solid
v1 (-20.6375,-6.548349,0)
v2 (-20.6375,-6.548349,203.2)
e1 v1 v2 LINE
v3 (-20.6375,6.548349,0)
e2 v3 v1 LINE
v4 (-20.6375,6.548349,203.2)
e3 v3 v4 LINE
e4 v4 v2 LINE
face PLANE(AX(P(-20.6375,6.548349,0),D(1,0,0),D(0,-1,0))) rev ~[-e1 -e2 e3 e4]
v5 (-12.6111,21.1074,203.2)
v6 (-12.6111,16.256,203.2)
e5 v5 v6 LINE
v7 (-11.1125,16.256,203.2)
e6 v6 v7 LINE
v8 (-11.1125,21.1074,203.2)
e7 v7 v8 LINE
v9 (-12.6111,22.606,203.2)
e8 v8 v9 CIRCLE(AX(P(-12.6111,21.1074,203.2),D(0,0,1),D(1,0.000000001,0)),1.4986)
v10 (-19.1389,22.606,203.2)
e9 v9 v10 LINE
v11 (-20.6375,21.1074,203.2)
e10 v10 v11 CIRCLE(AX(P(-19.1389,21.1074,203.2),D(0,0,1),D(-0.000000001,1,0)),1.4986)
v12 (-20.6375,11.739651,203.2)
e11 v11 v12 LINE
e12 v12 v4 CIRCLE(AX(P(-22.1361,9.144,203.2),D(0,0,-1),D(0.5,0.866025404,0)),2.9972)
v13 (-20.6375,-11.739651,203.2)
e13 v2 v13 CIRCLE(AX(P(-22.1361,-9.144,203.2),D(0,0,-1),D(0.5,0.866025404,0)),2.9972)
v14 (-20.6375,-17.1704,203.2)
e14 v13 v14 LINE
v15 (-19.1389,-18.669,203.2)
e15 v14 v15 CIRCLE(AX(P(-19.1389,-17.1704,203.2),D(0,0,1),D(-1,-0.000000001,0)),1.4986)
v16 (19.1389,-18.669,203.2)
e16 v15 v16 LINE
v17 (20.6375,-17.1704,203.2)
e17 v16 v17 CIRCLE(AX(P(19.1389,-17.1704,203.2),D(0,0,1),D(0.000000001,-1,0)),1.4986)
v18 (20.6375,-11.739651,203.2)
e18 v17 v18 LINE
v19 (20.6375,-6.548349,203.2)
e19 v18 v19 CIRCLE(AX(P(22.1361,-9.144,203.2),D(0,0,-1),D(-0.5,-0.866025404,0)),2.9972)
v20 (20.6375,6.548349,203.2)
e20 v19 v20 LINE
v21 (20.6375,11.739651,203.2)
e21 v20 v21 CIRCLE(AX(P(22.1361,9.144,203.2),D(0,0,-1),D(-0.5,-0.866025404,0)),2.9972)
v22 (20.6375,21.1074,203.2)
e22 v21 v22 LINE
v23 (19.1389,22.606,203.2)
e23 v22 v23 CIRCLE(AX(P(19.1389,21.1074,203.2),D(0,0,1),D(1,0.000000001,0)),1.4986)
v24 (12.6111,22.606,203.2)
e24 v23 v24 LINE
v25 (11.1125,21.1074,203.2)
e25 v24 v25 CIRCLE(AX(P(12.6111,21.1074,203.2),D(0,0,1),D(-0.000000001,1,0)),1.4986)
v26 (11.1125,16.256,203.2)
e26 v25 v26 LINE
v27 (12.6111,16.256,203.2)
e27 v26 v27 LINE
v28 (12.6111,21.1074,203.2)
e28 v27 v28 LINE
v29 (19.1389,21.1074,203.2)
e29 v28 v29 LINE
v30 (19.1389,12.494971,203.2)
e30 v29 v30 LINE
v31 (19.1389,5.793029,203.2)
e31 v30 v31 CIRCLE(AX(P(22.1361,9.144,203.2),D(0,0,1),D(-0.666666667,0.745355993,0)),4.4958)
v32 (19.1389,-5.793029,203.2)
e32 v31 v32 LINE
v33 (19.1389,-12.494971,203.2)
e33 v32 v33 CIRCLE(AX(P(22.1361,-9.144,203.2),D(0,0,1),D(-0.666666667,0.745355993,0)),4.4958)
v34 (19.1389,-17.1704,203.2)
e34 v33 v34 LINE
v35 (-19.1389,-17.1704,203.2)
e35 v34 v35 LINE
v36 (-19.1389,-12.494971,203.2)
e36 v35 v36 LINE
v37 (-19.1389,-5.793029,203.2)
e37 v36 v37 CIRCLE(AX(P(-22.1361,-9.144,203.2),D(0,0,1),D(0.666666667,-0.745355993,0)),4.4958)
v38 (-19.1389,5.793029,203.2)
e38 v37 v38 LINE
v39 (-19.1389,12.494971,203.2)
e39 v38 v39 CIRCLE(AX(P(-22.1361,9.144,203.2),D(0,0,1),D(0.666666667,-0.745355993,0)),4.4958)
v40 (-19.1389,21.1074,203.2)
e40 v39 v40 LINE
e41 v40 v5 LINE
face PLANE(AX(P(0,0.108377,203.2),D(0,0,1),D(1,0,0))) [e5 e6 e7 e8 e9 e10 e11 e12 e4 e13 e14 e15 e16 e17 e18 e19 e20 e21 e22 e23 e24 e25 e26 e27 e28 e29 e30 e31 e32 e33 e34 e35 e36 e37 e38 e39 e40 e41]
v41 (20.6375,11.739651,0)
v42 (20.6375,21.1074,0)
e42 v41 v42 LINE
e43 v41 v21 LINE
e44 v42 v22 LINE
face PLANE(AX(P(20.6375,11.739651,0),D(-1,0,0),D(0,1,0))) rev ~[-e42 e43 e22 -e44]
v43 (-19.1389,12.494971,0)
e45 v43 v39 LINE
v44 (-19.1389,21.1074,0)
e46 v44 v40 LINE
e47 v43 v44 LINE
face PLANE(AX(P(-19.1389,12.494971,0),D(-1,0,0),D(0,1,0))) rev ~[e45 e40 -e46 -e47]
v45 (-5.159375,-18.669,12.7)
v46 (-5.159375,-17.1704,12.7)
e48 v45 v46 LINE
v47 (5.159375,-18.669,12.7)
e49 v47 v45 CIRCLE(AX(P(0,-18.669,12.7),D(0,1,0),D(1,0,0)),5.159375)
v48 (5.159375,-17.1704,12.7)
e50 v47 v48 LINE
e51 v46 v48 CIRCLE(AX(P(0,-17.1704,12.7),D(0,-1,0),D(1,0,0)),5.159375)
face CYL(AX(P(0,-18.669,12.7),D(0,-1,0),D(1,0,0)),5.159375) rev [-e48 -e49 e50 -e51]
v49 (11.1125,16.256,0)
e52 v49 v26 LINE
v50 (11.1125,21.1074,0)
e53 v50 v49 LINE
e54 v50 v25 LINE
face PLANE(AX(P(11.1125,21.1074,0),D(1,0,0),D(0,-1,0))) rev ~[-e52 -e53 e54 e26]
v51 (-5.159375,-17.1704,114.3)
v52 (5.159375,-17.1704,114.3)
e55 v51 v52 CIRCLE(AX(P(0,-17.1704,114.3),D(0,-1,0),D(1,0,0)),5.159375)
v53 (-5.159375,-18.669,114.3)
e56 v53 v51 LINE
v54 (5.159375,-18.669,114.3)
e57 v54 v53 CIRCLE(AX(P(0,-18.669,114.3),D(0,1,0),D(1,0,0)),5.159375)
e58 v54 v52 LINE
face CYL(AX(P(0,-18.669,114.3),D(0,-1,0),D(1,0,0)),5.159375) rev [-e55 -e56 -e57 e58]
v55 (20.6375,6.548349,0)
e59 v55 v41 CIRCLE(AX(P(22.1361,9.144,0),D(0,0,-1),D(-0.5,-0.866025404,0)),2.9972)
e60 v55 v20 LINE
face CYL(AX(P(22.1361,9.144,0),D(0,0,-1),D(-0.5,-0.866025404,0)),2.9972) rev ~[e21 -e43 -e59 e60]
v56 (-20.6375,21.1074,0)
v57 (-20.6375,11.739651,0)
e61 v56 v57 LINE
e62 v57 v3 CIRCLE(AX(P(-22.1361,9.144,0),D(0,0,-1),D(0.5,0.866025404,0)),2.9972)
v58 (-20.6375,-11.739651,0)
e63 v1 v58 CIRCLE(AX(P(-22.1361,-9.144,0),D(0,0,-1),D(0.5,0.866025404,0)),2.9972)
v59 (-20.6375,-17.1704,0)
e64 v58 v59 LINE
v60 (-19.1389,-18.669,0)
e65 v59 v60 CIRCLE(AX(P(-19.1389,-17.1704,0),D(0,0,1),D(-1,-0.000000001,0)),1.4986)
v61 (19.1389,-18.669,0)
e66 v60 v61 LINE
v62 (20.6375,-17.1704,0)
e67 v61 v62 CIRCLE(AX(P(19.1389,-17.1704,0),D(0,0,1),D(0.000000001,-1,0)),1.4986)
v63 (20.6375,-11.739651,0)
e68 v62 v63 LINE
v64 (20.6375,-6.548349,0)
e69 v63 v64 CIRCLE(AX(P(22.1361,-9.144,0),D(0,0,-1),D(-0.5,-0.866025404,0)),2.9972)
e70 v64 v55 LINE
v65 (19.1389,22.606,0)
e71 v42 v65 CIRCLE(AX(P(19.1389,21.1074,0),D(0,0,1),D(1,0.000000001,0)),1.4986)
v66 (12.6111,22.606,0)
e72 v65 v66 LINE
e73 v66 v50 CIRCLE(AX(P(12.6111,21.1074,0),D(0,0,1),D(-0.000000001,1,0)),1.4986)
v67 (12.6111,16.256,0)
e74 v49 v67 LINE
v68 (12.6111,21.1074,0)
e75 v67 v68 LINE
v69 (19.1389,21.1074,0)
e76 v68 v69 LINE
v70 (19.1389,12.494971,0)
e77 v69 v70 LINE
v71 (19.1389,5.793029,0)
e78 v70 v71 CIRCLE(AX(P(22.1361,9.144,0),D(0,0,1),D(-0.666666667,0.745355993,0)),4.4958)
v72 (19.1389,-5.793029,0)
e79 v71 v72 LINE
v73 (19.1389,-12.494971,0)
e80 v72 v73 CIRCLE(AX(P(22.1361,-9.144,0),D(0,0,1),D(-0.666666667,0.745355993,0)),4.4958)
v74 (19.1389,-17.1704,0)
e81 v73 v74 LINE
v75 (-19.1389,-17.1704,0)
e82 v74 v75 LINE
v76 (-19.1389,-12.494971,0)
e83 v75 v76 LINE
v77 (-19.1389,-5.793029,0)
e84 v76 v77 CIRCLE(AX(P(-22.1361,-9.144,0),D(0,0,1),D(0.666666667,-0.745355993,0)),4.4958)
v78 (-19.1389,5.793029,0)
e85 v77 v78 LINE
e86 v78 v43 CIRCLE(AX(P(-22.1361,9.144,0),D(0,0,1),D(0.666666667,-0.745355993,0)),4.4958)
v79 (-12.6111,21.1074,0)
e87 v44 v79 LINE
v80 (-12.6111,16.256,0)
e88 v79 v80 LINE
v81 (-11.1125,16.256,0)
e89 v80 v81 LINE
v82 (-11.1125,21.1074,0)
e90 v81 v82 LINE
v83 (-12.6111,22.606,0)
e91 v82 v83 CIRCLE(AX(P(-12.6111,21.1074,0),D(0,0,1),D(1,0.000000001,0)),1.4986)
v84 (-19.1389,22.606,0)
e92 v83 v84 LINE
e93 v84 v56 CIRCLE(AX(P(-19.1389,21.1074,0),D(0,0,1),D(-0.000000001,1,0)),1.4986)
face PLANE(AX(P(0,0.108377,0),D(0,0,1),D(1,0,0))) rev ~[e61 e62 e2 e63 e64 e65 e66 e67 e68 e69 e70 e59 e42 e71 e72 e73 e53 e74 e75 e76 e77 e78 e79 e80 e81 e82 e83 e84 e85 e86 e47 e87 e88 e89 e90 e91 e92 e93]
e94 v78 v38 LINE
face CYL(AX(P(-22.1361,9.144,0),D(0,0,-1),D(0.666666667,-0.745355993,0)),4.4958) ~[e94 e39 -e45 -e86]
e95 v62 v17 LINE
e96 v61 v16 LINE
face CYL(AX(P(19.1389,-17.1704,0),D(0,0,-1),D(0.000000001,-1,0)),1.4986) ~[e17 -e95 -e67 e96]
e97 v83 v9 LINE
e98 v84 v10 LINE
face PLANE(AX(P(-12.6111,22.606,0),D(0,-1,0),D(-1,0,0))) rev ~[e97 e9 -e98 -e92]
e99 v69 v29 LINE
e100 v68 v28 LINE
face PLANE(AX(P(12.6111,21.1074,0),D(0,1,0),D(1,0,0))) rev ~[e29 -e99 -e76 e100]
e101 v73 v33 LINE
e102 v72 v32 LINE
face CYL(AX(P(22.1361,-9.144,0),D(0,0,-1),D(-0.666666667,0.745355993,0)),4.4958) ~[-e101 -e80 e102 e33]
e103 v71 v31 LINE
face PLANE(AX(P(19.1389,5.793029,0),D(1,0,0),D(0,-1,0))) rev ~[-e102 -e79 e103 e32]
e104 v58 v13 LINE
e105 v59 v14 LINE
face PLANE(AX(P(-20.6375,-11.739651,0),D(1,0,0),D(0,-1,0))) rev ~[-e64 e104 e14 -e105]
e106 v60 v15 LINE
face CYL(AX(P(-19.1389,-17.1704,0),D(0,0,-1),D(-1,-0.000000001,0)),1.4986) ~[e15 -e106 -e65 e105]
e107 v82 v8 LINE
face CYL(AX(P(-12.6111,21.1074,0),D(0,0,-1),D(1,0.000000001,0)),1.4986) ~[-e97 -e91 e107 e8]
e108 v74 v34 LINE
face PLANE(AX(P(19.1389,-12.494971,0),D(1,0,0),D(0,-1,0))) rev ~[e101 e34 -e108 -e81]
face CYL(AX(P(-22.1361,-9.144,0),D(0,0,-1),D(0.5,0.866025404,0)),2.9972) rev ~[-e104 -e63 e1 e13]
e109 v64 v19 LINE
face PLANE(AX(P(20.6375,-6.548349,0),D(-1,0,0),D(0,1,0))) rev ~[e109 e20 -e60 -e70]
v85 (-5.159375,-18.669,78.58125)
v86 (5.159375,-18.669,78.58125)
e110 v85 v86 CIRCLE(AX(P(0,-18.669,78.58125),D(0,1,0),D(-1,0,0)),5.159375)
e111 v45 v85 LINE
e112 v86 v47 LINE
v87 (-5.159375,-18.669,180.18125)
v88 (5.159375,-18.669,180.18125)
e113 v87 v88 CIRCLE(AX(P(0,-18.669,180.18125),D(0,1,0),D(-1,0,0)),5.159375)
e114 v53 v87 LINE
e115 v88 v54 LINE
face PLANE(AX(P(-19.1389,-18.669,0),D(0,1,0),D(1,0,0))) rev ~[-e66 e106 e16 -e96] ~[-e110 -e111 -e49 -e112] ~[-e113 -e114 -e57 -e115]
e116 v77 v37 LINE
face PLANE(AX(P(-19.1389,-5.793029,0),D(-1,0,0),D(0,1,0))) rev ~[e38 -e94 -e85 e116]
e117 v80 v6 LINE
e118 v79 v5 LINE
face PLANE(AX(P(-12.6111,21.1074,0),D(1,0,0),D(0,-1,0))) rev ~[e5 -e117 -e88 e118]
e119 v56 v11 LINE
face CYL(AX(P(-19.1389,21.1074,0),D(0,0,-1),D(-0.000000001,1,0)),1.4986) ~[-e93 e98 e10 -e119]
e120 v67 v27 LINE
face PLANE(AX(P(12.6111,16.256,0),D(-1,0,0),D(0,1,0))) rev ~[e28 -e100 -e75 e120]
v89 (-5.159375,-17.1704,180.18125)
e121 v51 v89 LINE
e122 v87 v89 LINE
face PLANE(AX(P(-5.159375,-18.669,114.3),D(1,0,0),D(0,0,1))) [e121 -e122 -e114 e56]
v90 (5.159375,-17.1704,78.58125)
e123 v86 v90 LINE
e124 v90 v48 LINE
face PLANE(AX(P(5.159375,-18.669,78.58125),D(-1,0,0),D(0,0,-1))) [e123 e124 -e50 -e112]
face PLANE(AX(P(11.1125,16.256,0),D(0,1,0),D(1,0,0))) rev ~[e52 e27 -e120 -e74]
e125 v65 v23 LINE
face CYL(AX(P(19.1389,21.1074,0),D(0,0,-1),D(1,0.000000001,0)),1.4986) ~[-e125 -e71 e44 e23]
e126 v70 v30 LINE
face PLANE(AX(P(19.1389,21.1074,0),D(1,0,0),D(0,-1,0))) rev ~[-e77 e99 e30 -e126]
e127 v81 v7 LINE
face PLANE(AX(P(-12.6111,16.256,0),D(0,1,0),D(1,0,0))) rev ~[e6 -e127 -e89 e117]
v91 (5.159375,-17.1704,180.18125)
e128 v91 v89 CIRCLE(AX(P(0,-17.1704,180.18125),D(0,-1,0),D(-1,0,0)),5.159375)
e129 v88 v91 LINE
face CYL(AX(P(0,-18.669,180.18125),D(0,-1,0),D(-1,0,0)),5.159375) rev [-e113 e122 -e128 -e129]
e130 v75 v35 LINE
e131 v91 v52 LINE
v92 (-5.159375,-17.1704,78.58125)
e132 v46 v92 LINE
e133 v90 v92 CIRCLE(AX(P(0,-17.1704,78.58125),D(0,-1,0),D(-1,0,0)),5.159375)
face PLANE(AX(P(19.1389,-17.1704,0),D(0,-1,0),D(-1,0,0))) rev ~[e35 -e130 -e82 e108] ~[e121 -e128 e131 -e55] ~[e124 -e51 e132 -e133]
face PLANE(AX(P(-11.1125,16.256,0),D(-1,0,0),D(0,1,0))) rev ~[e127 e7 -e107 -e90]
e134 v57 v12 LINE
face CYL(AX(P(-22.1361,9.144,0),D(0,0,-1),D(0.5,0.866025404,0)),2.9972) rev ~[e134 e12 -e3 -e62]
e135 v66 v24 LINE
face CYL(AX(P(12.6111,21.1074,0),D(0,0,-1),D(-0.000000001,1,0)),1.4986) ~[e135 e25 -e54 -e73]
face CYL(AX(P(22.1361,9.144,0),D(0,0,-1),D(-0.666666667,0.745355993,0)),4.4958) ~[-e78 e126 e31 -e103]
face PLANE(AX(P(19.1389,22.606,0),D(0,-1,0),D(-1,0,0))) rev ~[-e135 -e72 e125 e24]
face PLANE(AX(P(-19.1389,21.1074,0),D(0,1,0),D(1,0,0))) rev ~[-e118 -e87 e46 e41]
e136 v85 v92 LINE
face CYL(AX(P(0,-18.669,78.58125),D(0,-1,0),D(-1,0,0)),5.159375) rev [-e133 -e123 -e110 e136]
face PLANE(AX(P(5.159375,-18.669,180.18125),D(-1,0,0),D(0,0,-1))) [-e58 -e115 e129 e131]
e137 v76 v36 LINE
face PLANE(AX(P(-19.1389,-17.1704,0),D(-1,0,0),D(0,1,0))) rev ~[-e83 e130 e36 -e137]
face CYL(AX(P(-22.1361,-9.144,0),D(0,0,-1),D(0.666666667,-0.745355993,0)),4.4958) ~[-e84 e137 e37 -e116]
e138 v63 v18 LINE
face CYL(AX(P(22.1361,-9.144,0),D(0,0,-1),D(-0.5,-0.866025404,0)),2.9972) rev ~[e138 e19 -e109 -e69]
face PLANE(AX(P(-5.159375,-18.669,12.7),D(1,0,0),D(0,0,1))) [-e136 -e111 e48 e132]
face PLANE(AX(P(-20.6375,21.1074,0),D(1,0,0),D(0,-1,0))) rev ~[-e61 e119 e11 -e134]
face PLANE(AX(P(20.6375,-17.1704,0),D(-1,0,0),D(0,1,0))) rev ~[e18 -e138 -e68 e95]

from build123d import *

# Parameters (mm, degrees)
BASE_EXTRUDE_DEPTH = 203.2
SLOT_DEPTH         = 227.830922417
LPATTERN1_COUNT    = 2
LPATTERN1_PITCH    = 101.6


with BuildPart() as part:
    # Sketch1 → Base-Extrude (new body)
    with BuildSketch(Plane.XY):
        with BuildLine():
            Line((-20.6375, 21.1074), (-20.6375, 11.73965134))
            ThreePointArc((-20.6375, 11.73965134), (-19.1389, 9.144), (-20.6375, 6.54834866))
            Line((-20.6375, 6.54834866), (-20.6375, -6.54834866))
            ThreePointArc((-20.6375, -6.54834866), (-19.1389, -9.144), (-20.6375, -11.73965134))
            Line((-20.6375, -11.73965134), (-20.6375, -17.1704))
            ThreePointArc((-20.6375, -17.1704), (-20.198570222, -18.230070222), (-19.1389, -18.669))
            Line((-19.1389, -18.669), (19.1389, -18.669))
            ThreePointArc((19.1389, -18.669), (20.198570222, -18.230070222), (20.6375, -17.1704))
            Line((20.6375, -17.1704), (20.6375, -11.73965134))
            ThreePointArc((20.6375, -11.73965134), (19.1389, -9.144), (20.6375, -6.54834866))
            Line((20.6375, -6.54834866), (20.6375, 6.54834866))
            ThreePointArc((20.6375, 6.54834866), (19.1389, 9.144), (20.6375, 11.73965134))
            Line((20.6375, 11.73965134), (20.6375, 21.1074))
            ThreePointArc((20.6375, 21.1074), (20.198570222, 22.167070222), (19.1389, 22.606))
            Line((19.1389, 22.606), (12.6111, 22.606))
            ThreePointArc((12.6111, 22.606), (11.551429778, 22.167070222), (11.1125, 21.1074))
            Line((11.1125, 21.1074), (11.1125, 16.256))
            Line((11.1125, 16.256), (12.6111, 16.256))
            Line((12.6111, 16.256), (12.6111, 21.1074))
            Line((12.6111, 21.1074), (19.1389, 21.1074))
            Line((19.1389, 21.1074), (19.1389, 12.494971471))
            ThreePointArc((19.1389, 12.494971471), (17.6403, 9.144), (19.1389, 5.793028529))
            Line((19.1389, 5.793028529), (19.1389, -5.793028529))
            ThreePointArc((19.1389, -5.793028529), (17.6403, -9.144), (19.1389, -12.494971471))
            Line((19.1389, -12.494971471), (19.1389, -17.1704))
            Line((19.1389, -17.1704), (-19.1389, -17.1704))
            Line((-19.1389, -17.1704), (-19.1389, -12.494971471))
            ThreePointArc((-19.1389, -12.494971471), (-17.6403, -9.144), (-19.1389, -5.793028529))
            Line((-19.1389, -5.793028529), (-19.1389, 5.793028529))
            ThreePointArc((-19.1389, 5.793028529), (-17.6403, 9.144), (-19.1389, 12.494971471))
            Line((-19.1389, 12.494971471), (-19.1389, 21.1074))
            Line((-19.1389, 21.1074), (-12.6111, 21.1074))
            Line((-12.6111, 21.1074), (-12.6111, 16.256))
            Line((-12.6111, 16.256), (-11.1125, 16.256))
            Line((-11.1125, 16.256), (-11.1125, 21.1074))
            ThreePointArc((-11.1125, 21.1074), (-11.551429778, 22.167070222), (-12.6111, 22.606))
            Line((-12.6111, 22.606), (-19.1389, 22.606))
            ThreePointArc((-19.1389, 22.606), (-20.198570222, 22.167070222), (-20.6375, 21.1074))
        make_face()
    extrude(amount=BASE_EXTRUDE_DEPTH)

    # Sketch2 → Slot (cut, through all)
    with BuildSketch(Plane(origin=(1.121412804, -18.669, -18.780160044), x_dir=(1, 0, 0), z_dir=(0, -1, 0))):
        with BuildLine():
            Line((4.037962196, 97.361410044), (4.037962196, 31.480160044))
            ThreePointArc((4.037962196, 31.480160044), (-1.121412804, 26.320785044), (-6.280787804, 31.480160044))
            Line((-6.280787804, 31.480160044), (-6.280787804, 97.361410044))
            ThreePointArc((-6.280787804, 97.361410044), (-1.121412804, 102.520785044), (4.037962196, 97.361410044))
        make_face()
    slot = extrude(amount=-SLOT_DEPTH, mode=Mode.SUBTRACT)

    # LPattern1: Slot ×2
    with Locations(*[(0, 0, i * LPATTERN1_PITCH) for i in range(1, LPATTERN1_COUNT)]):
        add(slot, mode=Mode.SUBTRACT)


solid = part.part
